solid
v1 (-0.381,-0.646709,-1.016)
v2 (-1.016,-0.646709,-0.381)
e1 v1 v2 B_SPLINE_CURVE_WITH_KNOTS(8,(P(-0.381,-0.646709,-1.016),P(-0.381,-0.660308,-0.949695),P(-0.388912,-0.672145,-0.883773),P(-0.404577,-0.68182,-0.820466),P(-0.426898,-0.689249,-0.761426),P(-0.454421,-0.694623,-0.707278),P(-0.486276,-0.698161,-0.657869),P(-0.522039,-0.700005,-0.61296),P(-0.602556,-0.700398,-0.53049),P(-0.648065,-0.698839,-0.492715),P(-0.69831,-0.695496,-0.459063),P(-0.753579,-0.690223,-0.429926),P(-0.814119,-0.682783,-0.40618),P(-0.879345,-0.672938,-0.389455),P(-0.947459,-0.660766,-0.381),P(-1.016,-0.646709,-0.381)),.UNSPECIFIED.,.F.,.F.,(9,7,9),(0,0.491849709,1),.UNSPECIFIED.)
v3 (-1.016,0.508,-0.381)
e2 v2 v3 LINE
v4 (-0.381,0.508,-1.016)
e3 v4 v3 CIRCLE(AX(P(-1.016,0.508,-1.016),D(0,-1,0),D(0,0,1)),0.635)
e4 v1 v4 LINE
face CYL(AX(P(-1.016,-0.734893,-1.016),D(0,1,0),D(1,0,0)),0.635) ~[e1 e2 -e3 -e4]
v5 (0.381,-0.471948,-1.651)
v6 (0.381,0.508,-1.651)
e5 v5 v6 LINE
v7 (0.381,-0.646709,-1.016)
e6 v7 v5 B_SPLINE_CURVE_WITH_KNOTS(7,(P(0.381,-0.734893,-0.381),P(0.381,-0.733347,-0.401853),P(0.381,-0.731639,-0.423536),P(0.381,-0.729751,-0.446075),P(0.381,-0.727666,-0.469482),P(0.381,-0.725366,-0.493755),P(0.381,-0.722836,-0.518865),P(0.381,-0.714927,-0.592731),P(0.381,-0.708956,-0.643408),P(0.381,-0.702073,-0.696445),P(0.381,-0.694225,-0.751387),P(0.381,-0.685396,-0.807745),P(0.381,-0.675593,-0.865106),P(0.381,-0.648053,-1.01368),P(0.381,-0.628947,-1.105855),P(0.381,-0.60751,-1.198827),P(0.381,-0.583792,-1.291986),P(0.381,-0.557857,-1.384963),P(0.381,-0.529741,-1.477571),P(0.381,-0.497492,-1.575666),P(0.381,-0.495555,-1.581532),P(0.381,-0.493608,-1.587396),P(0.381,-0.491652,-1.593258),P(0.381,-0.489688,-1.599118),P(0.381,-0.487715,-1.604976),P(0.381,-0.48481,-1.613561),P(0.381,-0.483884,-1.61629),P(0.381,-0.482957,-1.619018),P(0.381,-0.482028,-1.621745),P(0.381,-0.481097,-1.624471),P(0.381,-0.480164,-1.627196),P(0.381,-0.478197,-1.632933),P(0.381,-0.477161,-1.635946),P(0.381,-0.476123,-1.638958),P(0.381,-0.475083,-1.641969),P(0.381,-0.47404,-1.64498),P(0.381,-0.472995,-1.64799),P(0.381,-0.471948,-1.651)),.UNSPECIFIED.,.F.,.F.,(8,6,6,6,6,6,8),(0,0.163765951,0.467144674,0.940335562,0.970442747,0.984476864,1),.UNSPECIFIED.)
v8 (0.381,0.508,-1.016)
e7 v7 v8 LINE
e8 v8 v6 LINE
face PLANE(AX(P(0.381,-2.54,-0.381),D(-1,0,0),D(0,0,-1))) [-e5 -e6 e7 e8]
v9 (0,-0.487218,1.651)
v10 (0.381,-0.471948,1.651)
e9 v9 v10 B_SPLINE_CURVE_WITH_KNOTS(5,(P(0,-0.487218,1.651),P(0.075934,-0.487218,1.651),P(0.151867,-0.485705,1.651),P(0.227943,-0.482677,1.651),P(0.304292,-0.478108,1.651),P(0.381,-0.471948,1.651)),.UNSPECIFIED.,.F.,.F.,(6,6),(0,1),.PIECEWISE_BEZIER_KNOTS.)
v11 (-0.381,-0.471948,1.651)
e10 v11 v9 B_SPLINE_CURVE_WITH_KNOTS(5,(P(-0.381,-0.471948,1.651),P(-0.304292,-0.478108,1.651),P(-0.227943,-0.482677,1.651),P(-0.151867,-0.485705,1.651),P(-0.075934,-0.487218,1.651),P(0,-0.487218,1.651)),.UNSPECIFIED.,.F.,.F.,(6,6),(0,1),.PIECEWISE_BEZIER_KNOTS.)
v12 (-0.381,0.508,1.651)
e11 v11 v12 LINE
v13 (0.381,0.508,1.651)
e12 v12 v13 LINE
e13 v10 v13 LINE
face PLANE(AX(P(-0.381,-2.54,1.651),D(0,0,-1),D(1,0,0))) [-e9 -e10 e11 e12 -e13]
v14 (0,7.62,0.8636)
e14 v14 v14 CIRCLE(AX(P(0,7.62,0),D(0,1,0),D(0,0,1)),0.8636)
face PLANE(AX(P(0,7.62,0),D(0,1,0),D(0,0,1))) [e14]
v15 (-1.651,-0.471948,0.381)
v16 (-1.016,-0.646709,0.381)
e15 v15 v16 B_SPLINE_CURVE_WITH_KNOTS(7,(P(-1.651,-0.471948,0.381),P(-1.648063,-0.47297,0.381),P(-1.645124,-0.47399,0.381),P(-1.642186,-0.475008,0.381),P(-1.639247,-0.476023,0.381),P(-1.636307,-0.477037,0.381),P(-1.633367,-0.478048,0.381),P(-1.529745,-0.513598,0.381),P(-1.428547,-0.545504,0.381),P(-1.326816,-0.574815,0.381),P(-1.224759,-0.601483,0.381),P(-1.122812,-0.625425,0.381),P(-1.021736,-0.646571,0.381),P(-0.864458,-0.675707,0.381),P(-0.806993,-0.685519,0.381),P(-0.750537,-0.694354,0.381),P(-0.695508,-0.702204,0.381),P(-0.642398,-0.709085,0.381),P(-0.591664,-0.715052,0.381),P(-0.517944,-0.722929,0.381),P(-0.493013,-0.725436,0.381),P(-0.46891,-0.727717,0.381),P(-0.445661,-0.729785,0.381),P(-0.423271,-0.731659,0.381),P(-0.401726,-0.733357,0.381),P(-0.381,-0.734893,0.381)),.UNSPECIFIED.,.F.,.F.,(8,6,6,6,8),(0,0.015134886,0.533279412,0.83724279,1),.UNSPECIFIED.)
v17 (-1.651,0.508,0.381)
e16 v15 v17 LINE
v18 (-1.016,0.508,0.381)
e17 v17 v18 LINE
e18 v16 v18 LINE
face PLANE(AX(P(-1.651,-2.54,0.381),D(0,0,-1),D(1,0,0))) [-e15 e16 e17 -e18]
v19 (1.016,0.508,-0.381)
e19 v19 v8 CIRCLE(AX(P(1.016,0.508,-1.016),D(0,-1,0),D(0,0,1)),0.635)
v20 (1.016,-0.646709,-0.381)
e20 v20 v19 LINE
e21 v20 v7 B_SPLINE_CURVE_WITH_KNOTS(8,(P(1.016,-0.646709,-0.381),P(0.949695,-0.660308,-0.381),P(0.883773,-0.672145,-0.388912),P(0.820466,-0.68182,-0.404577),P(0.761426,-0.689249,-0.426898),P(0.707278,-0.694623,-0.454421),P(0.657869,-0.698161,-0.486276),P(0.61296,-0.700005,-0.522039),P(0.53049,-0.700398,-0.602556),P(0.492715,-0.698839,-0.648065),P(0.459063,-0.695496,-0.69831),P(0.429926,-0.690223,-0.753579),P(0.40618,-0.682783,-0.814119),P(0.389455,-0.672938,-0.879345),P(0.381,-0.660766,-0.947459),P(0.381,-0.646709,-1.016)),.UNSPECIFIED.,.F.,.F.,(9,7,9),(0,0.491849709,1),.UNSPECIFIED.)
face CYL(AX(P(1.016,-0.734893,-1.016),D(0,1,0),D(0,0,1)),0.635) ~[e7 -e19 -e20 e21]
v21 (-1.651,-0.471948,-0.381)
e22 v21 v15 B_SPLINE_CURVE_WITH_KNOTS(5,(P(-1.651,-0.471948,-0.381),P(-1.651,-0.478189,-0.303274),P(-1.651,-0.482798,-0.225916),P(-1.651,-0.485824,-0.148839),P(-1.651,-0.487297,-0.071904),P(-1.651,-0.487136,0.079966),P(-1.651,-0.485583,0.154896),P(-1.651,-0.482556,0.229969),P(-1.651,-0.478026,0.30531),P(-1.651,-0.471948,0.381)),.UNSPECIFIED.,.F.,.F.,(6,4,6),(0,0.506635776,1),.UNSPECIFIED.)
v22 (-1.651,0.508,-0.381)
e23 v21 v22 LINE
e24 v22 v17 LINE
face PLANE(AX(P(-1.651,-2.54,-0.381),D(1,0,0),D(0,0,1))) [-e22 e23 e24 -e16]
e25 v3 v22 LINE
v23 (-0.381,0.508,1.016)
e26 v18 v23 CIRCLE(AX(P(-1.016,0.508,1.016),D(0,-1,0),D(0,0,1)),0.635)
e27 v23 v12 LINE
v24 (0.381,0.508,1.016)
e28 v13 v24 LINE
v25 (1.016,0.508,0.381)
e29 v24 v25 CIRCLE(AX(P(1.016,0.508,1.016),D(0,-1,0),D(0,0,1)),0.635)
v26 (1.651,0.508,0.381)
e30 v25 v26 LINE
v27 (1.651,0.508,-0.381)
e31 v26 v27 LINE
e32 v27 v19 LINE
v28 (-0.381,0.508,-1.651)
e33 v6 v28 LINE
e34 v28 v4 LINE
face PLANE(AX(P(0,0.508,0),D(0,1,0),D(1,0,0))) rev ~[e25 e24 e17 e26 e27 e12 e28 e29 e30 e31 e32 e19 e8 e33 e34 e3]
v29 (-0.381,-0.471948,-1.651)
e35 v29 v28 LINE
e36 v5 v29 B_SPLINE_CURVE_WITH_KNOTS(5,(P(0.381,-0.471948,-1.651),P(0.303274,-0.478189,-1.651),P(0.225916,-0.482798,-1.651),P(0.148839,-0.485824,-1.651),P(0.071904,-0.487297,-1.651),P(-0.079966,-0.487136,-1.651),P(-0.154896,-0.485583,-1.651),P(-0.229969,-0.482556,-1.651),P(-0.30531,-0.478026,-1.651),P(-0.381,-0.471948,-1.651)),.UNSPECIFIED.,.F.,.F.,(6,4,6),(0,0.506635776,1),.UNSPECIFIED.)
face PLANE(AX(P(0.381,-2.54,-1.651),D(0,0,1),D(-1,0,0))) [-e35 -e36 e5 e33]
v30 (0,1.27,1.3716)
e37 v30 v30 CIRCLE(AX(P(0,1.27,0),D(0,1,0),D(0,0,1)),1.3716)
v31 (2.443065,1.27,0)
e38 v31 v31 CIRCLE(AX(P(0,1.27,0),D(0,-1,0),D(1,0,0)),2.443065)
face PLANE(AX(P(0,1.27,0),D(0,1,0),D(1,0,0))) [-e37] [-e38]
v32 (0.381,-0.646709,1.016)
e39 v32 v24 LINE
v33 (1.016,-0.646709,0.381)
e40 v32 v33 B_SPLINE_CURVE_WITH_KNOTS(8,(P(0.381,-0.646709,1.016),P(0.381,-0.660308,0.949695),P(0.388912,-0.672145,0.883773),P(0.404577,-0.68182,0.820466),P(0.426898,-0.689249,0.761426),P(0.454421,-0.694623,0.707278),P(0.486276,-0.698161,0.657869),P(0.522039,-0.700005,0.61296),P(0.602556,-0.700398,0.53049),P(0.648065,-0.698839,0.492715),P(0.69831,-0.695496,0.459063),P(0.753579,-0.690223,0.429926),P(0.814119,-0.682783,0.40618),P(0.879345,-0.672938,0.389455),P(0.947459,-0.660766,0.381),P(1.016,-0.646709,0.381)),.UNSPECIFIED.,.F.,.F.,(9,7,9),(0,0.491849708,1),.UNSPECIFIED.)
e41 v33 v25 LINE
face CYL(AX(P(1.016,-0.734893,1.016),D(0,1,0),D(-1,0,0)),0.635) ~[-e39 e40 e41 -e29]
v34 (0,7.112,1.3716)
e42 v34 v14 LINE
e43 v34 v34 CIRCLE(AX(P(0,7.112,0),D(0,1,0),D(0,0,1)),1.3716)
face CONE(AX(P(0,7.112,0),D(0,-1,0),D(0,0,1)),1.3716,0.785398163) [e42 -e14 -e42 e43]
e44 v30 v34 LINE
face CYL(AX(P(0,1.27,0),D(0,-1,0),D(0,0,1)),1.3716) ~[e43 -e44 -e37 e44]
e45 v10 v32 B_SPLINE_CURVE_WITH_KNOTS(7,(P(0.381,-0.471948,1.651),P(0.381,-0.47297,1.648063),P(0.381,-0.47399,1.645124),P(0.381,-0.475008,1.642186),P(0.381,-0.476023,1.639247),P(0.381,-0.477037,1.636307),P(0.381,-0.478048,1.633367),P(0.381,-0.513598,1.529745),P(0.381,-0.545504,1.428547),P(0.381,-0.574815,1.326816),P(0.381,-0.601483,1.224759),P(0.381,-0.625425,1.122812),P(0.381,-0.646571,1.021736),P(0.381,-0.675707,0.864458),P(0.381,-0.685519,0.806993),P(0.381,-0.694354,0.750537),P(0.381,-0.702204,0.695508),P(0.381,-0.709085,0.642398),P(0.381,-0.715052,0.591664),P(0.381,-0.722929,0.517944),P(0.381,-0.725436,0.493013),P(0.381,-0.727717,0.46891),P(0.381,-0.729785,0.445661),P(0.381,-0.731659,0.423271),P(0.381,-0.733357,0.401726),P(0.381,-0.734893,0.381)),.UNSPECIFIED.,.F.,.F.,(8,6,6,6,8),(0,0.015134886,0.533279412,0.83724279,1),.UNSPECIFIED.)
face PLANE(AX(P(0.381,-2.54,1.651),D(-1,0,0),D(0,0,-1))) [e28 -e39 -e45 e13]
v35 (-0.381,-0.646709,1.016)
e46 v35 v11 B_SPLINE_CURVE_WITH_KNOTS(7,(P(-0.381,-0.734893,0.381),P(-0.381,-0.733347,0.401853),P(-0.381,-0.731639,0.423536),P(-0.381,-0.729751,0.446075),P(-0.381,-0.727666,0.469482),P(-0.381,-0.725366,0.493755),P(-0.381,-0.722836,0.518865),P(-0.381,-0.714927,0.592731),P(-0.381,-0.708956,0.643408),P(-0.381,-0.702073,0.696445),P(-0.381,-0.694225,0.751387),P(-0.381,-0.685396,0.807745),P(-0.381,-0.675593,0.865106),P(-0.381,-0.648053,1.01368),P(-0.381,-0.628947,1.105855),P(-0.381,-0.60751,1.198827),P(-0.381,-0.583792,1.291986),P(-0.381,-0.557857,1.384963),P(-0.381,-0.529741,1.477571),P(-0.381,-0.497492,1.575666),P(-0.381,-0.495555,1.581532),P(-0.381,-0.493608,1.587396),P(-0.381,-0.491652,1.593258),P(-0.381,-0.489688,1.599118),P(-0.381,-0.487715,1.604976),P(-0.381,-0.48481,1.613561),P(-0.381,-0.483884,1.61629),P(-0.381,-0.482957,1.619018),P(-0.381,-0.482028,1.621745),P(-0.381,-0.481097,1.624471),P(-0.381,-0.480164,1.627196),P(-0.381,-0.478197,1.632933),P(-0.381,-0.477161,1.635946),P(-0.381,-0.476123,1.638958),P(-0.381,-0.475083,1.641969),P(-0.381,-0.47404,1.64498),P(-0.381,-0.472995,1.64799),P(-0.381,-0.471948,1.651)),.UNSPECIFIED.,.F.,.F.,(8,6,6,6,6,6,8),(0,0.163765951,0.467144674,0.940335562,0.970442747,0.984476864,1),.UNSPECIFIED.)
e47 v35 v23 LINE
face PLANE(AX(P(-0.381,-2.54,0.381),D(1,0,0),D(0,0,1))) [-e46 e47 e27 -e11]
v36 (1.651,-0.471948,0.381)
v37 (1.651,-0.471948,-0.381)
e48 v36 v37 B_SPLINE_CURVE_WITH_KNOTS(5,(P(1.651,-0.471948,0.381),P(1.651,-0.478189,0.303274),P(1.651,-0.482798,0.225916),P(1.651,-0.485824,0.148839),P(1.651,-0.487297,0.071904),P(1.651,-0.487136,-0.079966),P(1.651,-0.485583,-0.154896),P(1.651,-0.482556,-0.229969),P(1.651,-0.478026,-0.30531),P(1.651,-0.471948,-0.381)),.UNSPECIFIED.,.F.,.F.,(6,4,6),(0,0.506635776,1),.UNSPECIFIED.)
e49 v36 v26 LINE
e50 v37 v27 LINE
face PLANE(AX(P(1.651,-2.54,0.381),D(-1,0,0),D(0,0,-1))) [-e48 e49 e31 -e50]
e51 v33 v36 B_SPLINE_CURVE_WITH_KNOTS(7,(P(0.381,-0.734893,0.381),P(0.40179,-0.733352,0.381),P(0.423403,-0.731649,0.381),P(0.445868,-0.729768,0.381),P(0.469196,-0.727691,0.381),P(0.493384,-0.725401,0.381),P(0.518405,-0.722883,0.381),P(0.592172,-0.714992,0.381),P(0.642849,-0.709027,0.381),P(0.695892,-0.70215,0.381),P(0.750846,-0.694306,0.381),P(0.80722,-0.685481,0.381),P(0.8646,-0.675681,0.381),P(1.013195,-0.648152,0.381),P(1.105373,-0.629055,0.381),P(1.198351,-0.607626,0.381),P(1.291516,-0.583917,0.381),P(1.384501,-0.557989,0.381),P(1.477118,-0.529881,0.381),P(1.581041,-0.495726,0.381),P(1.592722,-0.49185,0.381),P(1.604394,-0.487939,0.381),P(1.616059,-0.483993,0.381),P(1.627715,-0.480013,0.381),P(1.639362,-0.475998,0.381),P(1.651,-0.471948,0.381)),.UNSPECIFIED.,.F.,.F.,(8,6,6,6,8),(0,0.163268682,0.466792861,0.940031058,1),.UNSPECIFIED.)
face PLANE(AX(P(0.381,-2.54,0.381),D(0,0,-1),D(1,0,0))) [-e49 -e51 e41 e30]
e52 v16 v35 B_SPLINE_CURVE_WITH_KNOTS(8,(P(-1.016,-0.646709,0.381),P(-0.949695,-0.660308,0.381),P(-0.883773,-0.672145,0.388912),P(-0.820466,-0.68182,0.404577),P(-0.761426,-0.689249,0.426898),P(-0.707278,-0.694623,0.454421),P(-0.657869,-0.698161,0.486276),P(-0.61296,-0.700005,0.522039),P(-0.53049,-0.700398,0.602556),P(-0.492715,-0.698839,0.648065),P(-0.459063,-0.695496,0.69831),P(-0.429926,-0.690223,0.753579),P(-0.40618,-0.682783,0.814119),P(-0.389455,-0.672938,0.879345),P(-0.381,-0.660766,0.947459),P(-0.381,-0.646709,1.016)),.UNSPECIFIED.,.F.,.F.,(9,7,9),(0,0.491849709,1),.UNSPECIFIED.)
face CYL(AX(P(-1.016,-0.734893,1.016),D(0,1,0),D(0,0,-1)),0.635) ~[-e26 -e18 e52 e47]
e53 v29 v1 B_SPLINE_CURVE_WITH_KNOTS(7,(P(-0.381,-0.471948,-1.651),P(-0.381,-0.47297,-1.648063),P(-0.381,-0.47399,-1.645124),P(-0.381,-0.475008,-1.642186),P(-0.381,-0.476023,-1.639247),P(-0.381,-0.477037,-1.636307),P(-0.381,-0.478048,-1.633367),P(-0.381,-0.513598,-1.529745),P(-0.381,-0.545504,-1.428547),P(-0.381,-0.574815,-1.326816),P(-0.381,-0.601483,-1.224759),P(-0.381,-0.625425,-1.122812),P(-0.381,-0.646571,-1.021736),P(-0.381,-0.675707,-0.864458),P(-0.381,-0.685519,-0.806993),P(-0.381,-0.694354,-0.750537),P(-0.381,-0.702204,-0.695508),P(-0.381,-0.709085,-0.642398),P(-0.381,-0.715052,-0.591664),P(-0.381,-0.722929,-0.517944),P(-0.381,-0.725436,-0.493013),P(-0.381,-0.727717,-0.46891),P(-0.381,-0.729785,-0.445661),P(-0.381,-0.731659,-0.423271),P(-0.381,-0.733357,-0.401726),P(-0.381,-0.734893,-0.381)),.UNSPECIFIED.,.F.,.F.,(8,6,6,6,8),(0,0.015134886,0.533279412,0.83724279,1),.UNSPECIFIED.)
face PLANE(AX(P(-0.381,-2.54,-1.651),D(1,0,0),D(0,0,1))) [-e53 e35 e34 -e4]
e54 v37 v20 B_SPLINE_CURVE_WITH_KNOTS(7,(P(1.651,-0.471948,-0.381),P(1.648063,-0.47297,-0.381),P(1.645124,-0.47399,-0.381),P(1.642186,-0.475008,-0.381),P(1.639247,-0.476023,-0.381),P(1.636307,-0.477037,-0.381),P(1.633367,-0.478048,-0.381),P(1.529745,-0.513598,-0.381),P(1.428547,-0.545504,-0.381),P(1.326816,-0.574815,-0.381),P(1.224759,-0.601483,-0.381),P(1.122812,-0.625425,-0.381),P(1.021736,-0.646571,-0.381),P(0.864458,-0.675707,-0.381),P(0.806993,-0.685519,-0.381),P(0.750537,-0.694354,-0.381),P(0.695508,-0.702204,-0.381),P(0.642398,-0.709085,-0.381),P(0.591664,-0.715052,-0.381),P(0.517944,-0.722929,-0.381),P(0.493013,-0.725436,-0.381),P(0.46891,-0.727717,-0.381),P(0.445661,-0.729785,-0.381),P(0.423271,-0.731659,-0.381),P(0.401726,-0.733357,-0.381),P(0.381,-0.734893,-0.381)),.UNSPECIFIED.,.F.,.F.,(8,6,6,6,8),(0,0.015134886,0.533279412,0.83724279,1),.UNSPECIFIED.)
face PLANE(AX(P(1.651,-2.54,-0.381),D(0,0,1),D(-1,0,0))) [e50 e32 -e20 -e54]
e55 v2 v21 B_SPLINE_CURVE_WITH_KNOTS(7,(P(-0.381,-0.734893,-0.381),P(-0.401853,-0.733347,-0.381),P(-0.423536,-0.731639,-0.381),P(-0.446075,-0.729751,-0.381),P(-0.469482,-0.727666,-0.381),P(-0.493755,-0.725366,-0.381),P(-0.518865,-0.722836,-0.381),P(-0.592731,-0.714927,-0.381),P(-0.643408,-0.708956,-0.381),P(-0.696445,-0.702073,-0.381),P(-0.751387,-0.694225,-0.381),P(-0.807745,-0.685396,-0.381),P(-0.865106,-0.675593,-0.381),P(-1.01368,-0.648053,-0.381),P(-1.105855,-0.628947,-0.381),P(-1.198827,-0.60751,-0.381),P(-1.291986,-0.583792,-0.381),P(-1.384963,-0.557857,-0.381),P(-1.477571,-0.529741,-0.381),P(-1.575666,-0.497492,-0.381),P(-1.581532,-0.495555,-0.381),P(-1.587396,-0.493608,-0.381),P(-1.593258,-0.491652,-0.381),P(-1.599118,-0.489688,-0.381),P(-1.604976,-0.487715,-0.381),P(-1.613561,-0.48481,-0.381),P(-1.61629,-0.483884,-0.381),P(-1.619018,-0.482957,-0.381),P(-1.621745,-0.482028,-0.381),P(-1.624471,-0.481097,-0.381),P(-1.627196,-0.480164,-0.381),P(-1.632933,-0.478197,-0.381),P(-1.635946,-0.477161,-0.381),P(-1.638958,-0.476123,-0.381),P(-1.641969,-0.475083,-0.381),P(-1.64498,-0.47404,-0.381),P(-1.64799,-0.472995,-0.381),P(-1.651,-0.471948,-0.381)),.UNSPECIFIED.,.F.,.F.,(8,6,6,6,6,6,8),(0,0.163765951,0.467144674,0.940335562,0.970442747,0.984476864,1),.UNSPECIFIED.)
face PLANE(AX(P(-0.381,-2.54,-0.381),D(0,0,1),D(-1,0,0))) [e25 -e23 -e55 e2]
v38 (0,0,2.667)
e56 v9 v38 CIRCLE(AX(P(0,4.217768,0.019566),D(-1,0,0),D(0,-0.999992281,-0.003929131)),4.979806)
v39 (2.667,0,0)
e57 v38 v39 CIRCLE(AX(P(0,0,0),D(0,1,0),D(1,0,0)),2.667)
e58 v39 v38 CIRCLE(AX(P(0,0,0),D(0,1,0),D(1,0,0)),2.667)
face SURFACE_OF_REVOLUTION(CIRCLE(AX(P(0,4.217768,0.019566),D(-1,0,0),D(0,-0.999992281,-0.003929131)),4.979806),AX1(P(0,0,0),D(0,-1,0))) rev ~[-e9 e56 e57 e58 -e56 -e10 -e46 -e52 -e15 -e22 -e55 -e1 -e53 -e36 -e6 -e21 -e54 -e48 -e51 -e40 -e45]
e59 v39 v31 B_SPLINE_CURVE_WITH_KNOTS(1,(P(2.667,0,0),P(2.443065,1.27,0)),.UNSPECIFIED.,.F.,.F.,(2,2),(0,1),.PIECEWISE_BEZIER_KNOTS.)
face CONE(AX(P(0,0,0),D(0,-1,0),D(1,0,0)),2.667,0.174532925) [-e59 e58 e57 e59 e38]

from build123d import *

# Parameters (mm, degrees)
SKETCH1_R           = 2.667
BOSS_EXTRUDE1_DEPTH = 1.27
BOSS_EXTRUDE1_TAPER = 10
SKETCH3_R           = 1.3716
BOSS_EXTRUDE2_DEPTH = 6.35
CHAMFER1_SIZE       = 0.508
CUT_EXTRUDE5_DEPTH  = 3.048
FILLET1_R           = 0.635


with BuildPart() as part:
    # Sketch1 → Boss-Extrude1 (new body)
    with BuildSketch(Plane(origin=(0, 0, 0), x_dir=(1, 0, 0), z_dir=(0, 1, 0))):
        Circle(SKETCH1_R)
    extrude(amount=BOSS_EXTRUDE1_DEPTH, taper=BOSS_EXTRUDE1_TAPER)

    # Sketch2 → Revolve1 (revolve)
    with BuildSketch(Plane(origin=(0, 0, 0), x_dir=(0, 0, -1), z_dir=(1, 0, 0))):
        with BuildLine():
            Line((0, 0), (0, -0.762))
            ThreePointArc((0, -0.762), (-1.387624328, -0.57043515), (-2.667, 0))
            Line((-2.667, 0), (0, 0))
        make_face()
    revolve(axis=Axis((0, 0, 0), (0, -1, 0)))

    # Sketch3 → Boss-Extrude2 (add)
    with BuildSketch(Plane(origin=(0, 1.27, 0), x_dir=(1, 0, 0), z_dir=(0, 1, 0))):
        with Locations(Location((0, 0, 0), (0, 0, 270))):
            Circle(SKETCH3_R)
    extrude(amount=BOSS_EXTRUDE2_DEPTH)

    # Chamfer1
    chamfer1_edges = [part.edges().sort_by_distance(p)[0] for p in [
        (0, 7.62, -1.3716),
    ]]
    chamfer(chamfer1_edges, length=CHAMFER1_SIZE)

    # Sketch4 → Cut-Extrude5 (cut)
    with BuildSketch(Plane(origin=(0, -2.54, 0), x_dir=(1, 0, 0), z_dir=(0, 1, 0))):
        Polygon((-1.651, 0.381), (-1.651, -0.381), (-0.381, -0.381), (-0.381, -1.651), (0.381, -1.651), (0.381, -0.381), (1.651, -0.381), (1.651, 0.381), (0.381, 0.381), (0.381, 1.651), (-0.381, 1.651), (-0.381, 0.381), align=None)
    extrude(amount=CUT_EXTRUDE5_DEPTH, mode=Mode.SUBTRACT)

    # Fillet1
    fillet1_edges = [part.edges().sort_by_distance(p)[0] for p in [
        (0.381, -0.113446581, -0.381),
        (-0.381, -0.113446581, -0.381),
        (0.381, -0.113446581, 0.381),
        (-0.381, -0.113446581, 0.381),
    ]]
    fillet(fillet1_edges, radius=FILLET1_R)


solid = part.part
